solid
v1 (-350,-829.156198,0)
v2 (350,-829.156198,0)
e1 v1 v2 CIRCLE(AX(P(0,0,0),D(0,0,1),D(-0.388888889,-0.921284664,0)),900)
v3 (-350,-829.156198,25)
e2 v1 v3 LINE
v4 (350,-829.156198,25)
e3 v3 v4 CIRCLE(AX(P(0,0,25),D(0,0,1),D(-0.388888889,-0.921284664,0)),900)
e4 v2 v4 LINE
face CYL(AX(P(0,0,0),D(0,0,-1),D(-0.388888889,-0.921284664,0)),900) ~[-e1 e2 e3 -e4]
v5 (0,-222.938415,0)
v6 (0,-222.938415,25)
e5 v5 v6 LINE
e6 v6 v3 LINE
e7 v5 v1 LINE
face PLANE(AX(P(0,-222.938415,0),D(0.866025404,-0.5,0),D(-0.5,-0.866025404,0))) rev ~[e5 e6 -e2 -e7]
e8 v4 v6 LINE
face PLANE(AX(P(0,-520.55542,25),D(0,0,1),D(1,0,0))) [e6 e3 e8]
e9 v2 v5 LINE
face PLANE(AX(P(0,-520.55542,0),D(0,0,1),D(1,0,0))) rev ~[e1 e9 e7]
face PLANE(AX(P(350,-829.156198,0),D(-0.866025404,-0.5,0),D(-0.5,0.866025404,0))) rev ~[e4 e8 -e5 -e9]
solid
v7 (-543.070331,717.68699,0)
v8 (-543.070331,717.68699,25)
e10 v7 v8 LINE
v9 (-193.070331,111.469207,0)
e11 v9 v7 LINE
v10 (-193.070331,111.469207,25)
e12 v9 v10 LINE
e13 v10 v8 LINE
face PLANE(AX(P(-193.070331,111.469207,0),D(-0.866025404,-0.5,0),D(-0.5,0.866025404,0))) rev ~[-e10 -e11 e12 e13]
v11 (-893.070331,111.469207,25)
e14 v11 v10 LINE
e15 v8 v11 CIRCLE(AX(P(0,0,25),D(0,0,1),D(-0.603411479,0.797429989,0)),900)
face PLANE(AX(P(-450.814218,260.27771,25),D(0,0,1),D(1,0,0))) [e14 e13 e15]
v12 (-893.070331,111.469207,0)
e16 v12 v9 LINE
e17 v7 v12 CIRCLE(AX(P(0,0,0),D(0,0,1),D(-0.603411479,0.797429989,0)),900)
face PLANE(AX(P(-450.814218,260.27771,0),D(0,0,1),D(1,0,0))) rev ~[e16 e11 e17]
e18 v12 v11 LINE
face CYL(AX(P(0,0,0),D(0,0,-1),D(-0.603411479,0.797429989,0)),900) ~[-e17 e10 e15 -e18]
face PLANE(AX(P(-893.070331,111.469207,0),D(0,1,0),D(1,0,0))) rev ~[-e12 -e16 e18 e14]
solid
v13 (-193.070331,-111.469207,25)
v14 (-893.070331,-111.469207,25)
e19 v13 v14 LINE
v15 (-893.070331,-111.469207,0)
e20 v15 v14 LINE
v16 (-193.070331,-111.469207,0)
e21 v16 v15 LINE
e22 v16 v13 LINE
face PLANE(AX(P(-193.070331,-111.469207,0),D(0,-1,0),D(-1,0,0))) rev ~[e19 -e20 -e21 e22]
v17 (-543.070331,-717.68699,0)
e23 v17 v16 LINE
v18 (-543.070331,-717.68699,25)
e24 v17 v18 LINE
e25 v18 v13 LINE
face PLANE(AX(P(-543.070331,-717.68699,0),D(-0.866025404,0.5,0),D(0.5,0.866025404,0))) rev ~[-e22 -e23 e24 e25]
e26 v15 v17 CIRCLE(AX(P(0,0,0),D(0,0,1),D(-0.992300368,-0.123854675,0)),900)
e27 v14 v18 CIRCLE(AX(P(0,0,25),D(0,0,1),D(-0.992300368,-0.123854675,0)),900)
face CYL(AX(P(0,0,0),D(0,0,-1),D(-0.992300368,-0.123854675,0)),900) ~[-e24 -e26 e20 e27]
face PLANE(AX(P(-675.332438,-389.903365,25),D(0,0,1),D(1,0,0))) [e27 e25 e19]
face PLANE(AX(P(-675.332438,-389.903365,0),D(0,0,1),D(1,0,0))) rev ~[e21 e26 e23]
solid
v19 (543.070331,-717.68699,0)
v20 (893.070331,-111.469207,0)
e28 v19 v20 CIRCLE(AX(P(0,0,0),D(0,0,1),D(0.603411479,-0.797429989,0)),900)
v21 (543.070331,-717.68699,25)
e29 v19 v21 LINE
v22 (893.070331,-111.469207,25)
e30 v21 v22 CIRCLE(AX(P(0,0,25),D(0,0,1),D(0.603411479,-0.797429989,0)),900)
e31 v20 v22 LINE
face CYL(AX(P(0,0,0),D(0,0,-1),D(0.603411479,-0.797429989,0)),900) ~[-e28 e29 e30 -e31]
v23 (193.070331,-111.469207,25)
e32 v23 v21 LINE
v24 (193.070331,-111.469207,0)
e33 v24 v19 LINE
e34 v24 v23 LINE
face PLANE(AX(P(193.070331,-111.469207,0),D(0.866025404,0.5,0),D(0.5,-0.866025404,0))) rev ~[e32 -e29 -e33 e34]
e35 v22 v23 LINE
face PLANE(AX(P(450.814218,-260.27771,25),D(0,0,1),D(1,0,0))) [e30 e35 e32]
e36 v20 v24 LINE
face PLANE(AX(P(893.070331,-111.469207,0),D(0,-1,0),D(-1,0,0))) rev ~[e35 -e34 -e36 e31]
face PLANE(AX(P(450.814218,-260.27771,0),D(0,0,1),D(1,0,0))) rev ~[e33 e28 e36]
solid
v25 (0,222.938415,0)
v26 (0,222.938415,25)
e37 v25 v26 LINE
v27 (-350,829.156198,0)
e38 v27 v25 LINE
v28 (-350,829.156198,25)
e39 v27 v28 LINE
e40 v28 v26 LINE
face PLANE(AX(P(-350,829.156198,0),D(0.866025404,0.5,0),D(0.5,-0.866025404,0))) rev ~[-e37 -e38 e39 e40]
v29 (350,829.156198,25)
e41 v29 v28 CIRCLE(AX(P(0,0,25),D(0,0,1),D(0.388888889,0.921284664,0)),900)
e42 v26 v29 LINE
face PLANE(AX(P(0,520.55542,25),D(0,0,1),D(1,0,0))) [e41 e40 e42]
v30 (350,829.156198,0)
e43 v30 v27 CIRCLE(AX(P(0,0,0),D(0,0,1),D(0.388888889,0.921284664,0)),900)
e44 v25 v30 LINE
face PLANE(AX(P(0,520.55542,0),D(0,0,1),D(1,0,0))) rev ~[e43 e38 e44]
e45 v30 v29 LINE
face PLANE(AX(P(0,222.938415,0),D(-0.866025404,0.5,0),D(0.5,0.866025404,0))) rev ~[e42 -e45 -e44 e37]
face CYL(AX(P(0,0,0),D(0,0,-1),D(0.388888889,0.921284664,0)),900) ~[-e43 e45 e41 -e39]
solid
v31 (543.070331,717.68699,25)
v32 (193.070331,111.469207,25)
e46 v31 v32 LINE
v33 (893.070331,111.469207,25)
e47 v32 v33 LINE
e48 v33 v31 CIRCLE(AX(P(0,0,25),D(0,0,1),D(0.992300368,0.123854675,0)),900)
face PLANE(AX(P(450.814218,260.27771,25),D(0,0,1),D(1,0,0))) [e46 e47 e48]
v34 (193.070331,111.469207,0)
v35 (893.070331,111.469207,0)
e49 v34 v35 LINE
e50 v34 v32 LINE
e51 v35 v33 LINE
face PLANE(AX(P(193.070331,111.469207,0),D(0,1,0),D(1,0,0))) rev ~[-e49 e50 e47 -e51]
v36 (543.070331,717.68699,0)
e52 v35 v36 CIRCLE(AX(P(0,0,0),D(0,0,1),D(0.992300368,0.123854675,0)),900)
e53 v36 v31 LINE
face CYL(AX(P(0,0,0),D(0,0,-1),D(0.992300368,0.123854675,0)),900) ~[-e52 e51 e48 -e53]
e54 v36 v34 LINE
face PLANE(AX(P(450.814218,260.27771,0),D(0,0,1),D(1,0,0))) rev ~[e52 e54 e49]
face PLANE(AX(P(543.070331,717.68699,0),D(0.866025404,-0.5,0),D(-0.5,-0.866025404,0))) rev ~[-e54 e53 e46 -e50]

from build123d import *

# Parameters (mm, degrees)
F1_DEPTH = 25


with BuildPart() as f1:
    # F0 (on Top) → F1 (new body)
    with BuildSketch(Plane.XY):
        with BuildLine():
            Line((-193.0703308173, 111.4692074699), (-442.0690334252, 542.7476114056))
            ThreePointArc((-442.0690334252, 542.7476114056), (-606.2177826491, 350), (-691.0677360332, 111.4692074699))
            Line((-691.0677360332, 111.4692074699), (-193.0703308173, 111.4692074699))
        make_face()
        with BuildLine():
            ThreePointArc((-691.0677360332, 111.4692074699), (-606.2177826491, 350), (-442.0690334252, 542.7476114056))
            Line((-442.0690334252, 542.7476114056), (-543.0703308173, 717.686990119))
            ThreePointArc((-543.0703308172, 717.686990119), (-779.422863406, 450), (-893.0703308173, 111.4692074699))
            Line((-893.0703308173, 111.4692074699), (-691.0677360332, 111.4692074699))
        make_face()
    extrude(amount=F1_DEPTH)


with BuildPart() as f1b:
    # F0 (on Top) → F1, piece 2 (new body)
    with BuildSketch(Plane.XY):
        with BuildLine():
            Line((0, 222.9384149397), (248.998702608, 654.2168188755))
            ThreePointArc((248.998702608, 654.2168188755), (0, 700), (-248.998702608, 654.2168188755))
            Line((-248.998702608, 654.2168188755), (0, 222.9384149397))
        make_face()
        with BuildLine():
            ThreePointArc((-248.998702608, 654.2168188755), (0, 700), (248.998702608, 654.2168188755))
            Line((248.998702608, 654.2168188755), (350, 829.1561975888))
            ThreePointArc((350, 829.1561975889), (0, 900), (-350, 829.1561975888))
            Line((-350, 829.1561975888), (-248.998702608, 654.2168188755))
        make_face()
    extrude(amount=F1_DEPTH)


with BuildPart() as f1c:
    # F0 (on Top) → F1, piece 3 (new body)
    with BuildSketch(Plane.XY):
        with BuildLine():
            Line((193.0703308173, 111.4692074699), (691.0677360332, 111.4692074699))
            ThreePointArc((691.0677360332, 111.4692074699), (606.2177826491, 350), (442.0690334252, 542.7476114056))
            Line((442.0690334252, 542.7476114056), (193.0703308173, 111.4692074699))
        make_face()
        with BuildLine():
            ThreePointArc((442.0690334252, 542.7476114056), (606.2177826491, 350), (691.0677360332, 111.4692074699))
            Line((691.0677360332, 111.4692074699), (893.0703308173, 111.4692074699))
            ThreePointArc((893.0703308173, 111.4692074699), (779.422863406, 450), (543.0703308172, 717.686990119))
            Line((543.0703308173, 717.686990119), (442.0690334252, 542.7476114056))
        make_face()
    extrude(amount=F1_DEPTH)


with BuildPart() as f1d:
    # F0 (on Top) → F1, piece 4 (new body)
    with BuildSketch(Plane.XY):
        with BuildLine():
            ThreePointArc((442.0690334252, -542.7476114056), (606.2177826491, -350), (691.0677360332, -111.4692074699))
            Line((691.0677360332, -111.4692074699), (193.0703308173, -111.4692074699))
            Line((193.0703308173, -111.4692074699), (442.0690334252, -542.7476114056))
        make_face()
        with BuildLine():
            Line((893.0703308173, -111.4692074699), (691.0677360332, -111.4692074699))
            ThreePointArc((691.0677360332, -111.4692074699), (606.2177826491, -350), (442.0690334252, -542.7476114056))
            Line((442.0690334252, -542.7476114056), (543.0703308173, -717.686990119))
            ThreePointArc((543.0703308172, -717.686990119), (779.422863406, -450), (893.0703308173, -111.4692074699))
        make_face()
    extrude(amount=F1_DEPTH)


with BuildPart() as f1e:
    # F0 (on Top) → F1, piece 5 (new body)
    with BuildSketch(Plane.XY):
        with BuildLine():
            ThreePointArc((-248.998702608, -654.2168188755), (0, -700), (248.998702608, -654.2168188755))
            Line((248.998702608, -654.2168188755), (0, -222.9384149397))
            Line((0, -222.9384149397), (-248.998702608, -654.2168188755))
        make_face()
        with BuildLine():
            Line((350, -829.1561975888), (248.998702608, -654.2168188755))
            ThreePointArc((248.998702608, -654.2168188755), (0, -700), (-248.998702608, -654.2168188755))
            Line((-248.998702608, -654.2168188755), (-350, -829.1561975888))
            ThreePointArc((-350, -829.1561975889), (0, -900), (350, -829.1561975889))
        make_face()
    extrude(amount=F1_DEPTH)


with BuildPart() as f1f:
    # F0 (on Top) → F1, piece 6 (new body)
    with BuildSketch(Plane.XY):
        with BuildLine():
            Line((-543.0703308173, -717.686990119), (-442.0690334252, -542.7476114056))
            ThreePointArc((-442.0690334252, -542.7476114056), (-606.2177826491, -350), (-691.0677360332, -111.4692074699))
            Line((-691.0677360332, -111.4692074699), (-893.0703308172, -111.4692074699))
            ThreePointArc((-893.0703308173, -111.4692074699), (-779.422863406, -450), (-543.0703308172, -717.686990119))
        make_face()
        with BuildLine():
            ThreePointArc((-691.0677360332, -111.4692074699), (-606.2177826491, -350), (-442.0690334252, -542.7476114056))
            Line((-442.0690334252, -542.7476114056), (-193.0703308173, -111.4692074699))
            Line((-193.0703308173, -111.4692074699), (-691.0677360332, -111.4692074699))
        make_face()
    extrude(amount=F1_DEPTH)


solid = Compound([f1.part, f1b.part, f1c.part, f1d.part, f1e.part, f1f.part])
